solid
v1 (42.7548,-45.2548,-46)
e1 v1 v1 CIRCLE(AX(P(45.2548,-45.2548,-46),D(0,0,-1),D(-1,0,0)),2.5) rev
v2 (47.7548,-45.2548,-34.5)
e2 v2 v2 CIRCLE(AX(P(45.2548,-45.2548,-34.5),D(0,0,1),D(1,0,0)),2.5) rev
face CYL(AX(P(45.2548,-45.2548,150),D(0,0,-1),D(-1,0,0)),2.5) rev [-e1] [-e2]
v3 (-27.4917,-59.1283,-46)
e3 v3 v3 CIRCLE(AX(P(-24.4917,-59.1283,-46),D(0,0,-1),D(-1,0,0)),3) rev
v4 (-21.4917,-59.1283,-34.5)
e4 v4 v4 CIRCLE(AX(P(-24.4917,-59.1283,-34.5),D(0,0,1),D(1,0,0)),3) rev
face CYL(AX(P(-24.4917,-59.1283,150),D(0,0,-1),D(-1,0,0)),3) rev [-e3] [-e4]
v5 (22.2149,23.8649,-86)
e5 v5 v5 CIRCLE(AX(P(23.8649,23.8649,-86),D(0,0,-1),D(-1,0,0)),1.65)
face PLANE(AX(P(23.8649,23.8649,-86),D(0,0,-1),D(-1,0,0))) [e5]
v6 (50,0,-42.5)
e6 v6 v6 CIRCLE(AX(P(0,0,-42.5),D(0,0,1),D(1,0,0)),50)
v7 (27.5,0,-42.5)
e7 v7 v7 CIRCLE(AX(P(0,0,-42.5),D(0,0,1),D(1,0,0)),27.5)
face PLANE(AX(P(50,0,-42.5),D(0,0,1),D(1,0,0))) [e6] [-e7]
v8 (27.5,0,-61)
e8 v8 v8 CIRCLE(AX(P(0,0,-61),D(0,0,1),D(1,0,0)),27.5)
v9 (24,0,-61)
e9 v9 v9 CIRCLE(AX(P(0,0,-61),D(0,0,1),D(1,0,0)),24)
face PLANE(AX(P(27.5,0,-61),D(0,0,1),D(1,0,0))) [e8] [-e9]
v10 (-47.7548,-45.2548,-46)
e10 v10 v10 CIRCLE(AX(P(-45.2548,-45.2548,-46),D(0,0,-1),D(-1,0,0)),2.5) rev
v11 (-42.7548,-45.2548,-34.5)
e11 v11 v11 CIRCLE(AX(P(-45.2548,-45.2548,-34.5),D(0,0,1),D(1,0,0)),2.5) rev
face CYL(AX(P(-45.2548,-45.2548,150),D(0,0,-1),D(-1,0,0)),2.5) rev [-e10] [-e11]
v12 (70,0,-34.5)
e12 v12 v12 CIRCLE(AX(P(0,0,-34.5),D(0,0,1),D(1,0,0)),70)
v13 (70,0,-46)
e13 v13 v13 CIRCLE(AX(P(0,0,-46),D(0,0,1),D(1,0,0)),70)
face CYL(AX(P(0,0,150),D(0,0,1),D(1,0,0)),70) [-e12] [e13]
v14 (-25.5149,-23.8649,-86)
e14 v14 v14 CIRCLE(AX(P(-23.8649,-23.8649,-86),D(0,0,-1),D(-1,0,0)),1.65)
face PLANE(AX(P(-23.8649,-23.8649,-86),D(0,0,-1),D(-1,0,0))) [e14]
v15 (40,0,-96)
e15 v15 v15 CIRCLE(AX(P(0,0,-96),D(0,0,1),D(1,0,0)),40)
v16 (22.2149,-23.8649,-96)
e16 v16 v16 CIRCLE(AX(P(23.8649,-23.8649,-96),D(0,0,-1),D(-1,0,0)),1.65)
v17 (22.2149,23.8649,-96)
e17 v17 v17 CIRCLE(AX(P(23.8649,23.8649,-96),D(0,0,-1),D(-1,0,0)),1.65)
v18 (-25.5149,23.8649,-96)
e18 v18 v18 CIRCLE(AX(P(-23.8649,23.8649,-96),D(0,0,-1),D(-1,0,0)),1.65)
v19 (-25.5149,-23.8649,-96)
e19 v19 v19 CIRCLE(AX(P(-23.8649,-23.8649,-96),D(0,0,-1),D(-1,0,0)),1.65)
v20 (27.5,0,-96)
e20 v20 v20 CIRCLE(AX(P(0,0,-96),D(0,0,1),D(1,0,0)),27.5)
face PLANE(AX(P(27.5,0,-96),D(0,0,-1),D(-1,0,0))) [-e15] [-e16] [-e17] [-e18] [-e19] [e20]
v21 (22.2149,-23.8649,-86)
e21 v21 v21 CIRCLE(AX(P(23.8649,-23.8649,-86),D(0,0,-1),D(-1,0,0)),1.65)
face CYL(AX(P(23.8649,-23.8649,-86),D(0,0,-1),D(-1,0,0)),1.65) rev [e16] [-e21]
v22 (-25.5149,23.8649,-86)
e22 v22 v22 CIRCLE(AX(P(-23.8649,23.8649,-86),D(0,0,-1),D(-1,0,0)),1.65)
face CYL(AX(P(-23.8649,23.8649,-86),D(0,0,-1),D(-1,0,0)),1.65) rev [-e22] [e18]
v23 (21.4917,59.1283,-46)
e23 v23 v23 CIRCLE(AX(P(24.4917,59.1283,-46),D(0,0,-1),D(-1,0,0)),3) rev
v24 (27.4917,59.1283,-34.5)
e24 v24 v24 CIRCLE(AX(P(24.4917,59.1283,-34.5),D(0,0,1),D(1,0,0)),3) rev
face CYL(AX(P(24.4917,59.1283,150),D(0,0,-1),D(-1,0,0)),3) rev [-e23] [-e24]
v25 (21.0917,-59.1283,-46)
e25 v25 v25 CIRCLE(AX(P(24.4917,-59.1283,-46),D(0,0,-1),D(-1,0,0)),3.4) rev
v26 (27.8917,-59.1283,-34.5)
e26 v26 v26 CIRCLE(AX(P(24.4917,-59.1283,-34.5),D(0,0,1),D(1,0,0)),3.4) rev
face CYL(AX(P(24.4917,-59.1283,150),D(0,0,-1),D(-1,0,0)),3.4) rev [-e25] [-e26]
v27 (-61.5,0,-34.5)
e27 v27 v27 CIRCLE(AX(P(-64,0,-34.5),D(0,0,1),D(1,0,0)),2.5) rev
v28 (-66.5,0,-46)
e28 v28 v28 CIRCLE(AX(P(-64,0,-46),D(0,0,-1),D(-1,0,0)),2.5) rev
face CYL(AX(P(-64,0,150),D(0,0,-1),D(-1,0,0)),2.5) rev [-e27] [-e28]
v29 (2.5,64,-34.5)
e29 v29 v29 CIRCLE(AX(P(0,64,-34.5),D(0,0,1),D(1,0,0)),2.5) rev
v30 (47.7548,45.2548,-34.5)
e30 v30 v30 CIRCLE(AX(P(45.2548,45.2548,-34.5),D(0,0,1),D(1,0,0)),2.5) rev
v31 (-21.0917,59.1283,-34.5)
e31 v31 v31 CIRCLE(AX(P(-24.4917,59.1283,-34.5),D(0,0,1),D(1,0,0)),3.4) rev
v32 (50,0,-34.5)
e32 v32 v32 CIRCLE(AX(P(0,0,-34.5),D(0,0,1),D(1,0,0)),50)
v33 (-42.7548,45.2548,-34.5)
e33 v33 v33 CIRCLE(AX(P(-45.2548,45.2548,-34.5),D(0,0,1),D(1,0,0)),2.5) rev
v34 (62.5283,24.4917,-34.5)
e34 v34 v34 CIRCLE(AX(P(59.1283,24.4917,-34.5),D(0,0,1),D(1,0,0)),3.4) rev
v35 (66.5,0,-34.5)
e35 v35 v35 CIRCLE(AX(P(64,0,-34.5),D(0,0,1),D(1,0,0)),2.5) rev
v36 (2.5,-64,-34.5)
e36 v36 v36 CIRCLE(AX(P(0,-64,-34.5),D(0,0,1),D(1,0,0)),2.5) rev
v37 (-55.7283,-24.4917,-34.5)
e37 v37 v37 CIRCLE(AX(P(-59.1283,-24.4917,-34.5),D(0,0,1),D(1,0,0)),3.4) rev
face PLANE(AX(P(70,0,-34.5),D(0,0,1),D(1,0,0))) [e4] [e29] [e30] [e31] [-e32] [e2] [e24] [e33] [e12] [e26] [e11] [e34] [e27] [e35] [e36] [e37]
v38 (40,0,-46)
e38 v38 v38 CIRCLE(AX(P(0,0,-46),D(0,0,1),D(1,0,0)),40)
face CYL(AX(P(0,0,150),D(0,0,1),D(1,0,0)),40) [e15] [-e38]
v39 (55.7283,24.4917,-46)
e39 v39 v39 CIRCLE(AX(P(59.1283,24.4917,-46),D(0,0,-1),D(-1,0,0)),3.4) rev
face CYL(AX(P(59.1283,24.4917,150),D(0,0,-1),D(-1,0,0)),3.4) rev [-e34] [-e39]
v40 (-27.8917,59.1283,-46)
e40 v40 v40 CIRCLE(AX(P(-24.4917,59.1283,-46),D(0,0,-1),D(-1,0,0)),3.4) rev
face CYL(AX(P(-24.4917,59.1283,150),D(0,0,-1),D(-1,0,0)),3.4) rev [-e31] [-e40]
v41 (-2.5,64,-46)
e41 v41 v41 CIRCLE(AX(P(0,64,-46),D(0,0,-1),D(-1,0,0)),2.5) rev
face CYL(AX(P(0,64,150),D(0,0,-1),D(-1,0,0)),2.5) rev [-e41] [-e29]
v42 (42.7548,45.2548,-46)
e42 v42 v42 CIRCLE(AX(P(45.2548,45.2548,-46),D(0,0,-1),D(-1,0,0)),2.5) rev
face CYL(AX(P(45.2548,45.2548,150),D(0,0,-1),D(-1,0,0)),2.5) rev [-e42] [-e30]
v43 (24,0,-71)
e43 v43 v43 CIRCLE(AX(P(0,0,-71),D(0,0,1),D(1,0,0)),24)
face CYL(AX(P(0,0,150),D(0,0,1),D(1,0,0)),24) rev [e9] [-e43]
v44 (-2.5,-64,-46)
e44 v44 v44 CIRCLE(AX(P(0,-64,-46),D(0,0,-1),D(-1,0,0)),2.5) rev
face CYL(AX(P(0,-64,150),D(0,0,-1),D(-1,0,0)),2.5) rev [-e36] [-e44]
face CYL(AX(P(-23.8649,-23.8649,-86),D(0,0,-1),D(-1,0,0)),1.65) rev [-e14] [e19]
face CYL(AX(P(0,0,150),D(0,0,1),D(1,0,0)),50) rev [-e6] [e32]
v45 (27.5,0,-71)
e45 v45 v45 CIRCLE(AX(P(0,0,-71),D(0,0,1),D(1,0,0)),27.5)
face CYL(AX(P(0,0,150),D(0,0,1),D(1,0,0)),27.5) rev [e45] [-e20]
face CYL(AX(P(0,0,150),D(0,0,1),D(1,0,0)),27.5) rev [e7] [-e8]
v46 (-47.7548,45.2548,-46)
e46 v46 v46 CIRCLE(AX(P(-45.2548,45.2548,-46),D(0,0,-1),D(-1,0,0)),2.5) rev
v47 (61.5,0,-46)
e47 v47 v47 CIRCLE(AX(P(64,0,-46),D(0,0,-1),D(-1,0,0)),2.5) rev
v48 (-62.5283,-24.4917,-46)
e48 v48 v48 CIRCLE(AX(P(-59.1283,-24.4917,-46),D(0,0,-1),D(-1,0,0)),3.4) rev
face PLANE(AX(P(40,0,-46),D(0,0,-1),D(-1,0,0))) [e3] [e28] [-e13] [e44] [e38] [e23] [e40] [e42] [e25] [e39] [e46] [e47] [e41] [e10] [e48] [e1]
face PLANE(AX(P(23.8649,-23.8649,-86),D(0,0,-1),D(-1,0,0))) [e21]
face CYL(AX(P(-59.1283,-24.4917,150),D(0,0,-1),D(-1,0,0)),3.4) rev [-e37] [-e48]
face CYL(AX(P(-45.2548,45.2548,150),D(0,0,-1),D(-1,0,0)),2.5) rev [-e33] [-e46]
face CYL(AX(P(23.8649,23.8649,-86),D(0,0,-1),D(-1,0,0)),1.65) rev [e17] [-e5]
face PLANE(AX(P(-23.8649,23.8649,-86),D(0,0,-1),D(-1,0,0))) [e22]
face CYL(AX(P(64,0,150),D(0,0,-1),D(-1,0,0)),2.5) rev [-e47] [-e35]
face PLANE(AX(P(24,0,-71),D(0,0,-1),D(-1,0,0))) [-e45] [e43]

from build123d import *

# Parameters (mm, degrees)
SKETCH2_R                                    = 2.5
SKETCH2_R_2                                  = 3
SKETCH2_R_3                                  = 3.4
CUT_8XM6_TIE_2XDOWEL_4XM8_MOUNT_PCD128_DEPTH = 150
SKETCH3_R                                    = 1.65
CUT_4XM4_SEAL_COVER_TAPS_DEPTH               = 10


with BuildPart() as part:
    # Sketch1 → REV_Output_Housing_Body (revolve)
    with BuildSketch(Plane(origin=(0, 0, 0), x_dir=(1, 0, 0), z_dir=(0, 1, 0))):
        Polygon((27.5, 96), (40, 96), (40, 46), (70, 46), (70, 34.5), (50, 34.5), (50, 42.5), (27.5, 42.5), (27.5, 61), (24, 61), (24, 71), (27.5, 71), align=None)
    revolve(axis=Axis((0, 0, 150), (0, 0, -1)))

    # Sketch2 → CUT_8xM6_Tie_2xDowel_4xM8_Mount_PCD128 (cut, symmetric)
    with BuildSketch(Plane.XY):
        with Locations(Location((64, 0, 0), (0, 0, 180))):
            Circle(SKETCH2_R)
        with Locations(Location((45.2548, 45.2548, 0), (0, 0, 180))):
            Circle(SKETCH2_R)
        with Locations(Location((0, 64, 0), (0, 0, 180))):
            Circle(SKETCH2_R)
        with Locations(Location((-45.2548, 45.2548, 0), (0, 0, 180))):
            Circle(SKETCH2_R)
        with Locations(Location((-64, 0, 0), (0, 0, 180))):
            Circle(SKETCH2_R)
        with Locations(Location((-45.2548, -45.2548, 0), (0, 0, 180))):
            Circle(SKETCH2_R)
        with Locations(Location((0, -64, 0), (0, 0, 180))):
            Circle(SKETCH2_R)
        with Locations(Location((45.2548, -45.2548, 0), (0, 0, 180))):
            Circle(SKETCH2_R)
        with Locations(Location((24.4917, 59.1283, 0), (0, 0, 180))):
            Circle(SKETCH2_R_2)
        with Locations(Location((-24.4917, -59.1283, 0), (0, 0, 180))):
            Circle(SKETCH2_R_2)
        with Locations(Location((59.1283, 24.4917, 0), (0, 0, 180))):
            Circle(SKETCH2_R_3)
        with Locations(Location((-24.4917, 59.1283, 0), (0, 0, 180))):
            Circle(SKETCH2_R_3)
        with Locations(Location((-59.1283, -24.4917, 0), (0, 0, 180))):
            Circle(SKETCH2_R_3)
        with Locations(Location((24.4917, -59.1283, 0), (0, 0, 180))):
            Circle(SKETCH2_R_3)
    extrude(amount=CUT_8XM6_TIE_2XDOWEL_4XM8_MOUNT_PCD128_DEPTH, both=True, mode=Mode.SUBTRACT)

    # Sketch3 → CUT_4xM4_Seal_Cover_Taps (cut)
    with BuildSketch(Plane(origin=(0, 0, -96), x_dir=(-1, 0, 0), z_dir=(0, 0, -1))):
        with Locations((23.8649, 23.8649)):
            Circle(SKETCH3_R)
        with Locations((-23.8649, 23.8649)):
            Circle(SKETCH3_R)
        with Locations((-23.8649, -23.8649)):
            Circle(SKETCH3_R)
        with Locations((23.8649, -23.8649)):
            Circle(SKETCH3_R)
    extrude(amount=-CUT_4XM4_SEAL_COVER_TAPS_DEPTH, mode=Mode.SUBTRACT)


solid = part.part
